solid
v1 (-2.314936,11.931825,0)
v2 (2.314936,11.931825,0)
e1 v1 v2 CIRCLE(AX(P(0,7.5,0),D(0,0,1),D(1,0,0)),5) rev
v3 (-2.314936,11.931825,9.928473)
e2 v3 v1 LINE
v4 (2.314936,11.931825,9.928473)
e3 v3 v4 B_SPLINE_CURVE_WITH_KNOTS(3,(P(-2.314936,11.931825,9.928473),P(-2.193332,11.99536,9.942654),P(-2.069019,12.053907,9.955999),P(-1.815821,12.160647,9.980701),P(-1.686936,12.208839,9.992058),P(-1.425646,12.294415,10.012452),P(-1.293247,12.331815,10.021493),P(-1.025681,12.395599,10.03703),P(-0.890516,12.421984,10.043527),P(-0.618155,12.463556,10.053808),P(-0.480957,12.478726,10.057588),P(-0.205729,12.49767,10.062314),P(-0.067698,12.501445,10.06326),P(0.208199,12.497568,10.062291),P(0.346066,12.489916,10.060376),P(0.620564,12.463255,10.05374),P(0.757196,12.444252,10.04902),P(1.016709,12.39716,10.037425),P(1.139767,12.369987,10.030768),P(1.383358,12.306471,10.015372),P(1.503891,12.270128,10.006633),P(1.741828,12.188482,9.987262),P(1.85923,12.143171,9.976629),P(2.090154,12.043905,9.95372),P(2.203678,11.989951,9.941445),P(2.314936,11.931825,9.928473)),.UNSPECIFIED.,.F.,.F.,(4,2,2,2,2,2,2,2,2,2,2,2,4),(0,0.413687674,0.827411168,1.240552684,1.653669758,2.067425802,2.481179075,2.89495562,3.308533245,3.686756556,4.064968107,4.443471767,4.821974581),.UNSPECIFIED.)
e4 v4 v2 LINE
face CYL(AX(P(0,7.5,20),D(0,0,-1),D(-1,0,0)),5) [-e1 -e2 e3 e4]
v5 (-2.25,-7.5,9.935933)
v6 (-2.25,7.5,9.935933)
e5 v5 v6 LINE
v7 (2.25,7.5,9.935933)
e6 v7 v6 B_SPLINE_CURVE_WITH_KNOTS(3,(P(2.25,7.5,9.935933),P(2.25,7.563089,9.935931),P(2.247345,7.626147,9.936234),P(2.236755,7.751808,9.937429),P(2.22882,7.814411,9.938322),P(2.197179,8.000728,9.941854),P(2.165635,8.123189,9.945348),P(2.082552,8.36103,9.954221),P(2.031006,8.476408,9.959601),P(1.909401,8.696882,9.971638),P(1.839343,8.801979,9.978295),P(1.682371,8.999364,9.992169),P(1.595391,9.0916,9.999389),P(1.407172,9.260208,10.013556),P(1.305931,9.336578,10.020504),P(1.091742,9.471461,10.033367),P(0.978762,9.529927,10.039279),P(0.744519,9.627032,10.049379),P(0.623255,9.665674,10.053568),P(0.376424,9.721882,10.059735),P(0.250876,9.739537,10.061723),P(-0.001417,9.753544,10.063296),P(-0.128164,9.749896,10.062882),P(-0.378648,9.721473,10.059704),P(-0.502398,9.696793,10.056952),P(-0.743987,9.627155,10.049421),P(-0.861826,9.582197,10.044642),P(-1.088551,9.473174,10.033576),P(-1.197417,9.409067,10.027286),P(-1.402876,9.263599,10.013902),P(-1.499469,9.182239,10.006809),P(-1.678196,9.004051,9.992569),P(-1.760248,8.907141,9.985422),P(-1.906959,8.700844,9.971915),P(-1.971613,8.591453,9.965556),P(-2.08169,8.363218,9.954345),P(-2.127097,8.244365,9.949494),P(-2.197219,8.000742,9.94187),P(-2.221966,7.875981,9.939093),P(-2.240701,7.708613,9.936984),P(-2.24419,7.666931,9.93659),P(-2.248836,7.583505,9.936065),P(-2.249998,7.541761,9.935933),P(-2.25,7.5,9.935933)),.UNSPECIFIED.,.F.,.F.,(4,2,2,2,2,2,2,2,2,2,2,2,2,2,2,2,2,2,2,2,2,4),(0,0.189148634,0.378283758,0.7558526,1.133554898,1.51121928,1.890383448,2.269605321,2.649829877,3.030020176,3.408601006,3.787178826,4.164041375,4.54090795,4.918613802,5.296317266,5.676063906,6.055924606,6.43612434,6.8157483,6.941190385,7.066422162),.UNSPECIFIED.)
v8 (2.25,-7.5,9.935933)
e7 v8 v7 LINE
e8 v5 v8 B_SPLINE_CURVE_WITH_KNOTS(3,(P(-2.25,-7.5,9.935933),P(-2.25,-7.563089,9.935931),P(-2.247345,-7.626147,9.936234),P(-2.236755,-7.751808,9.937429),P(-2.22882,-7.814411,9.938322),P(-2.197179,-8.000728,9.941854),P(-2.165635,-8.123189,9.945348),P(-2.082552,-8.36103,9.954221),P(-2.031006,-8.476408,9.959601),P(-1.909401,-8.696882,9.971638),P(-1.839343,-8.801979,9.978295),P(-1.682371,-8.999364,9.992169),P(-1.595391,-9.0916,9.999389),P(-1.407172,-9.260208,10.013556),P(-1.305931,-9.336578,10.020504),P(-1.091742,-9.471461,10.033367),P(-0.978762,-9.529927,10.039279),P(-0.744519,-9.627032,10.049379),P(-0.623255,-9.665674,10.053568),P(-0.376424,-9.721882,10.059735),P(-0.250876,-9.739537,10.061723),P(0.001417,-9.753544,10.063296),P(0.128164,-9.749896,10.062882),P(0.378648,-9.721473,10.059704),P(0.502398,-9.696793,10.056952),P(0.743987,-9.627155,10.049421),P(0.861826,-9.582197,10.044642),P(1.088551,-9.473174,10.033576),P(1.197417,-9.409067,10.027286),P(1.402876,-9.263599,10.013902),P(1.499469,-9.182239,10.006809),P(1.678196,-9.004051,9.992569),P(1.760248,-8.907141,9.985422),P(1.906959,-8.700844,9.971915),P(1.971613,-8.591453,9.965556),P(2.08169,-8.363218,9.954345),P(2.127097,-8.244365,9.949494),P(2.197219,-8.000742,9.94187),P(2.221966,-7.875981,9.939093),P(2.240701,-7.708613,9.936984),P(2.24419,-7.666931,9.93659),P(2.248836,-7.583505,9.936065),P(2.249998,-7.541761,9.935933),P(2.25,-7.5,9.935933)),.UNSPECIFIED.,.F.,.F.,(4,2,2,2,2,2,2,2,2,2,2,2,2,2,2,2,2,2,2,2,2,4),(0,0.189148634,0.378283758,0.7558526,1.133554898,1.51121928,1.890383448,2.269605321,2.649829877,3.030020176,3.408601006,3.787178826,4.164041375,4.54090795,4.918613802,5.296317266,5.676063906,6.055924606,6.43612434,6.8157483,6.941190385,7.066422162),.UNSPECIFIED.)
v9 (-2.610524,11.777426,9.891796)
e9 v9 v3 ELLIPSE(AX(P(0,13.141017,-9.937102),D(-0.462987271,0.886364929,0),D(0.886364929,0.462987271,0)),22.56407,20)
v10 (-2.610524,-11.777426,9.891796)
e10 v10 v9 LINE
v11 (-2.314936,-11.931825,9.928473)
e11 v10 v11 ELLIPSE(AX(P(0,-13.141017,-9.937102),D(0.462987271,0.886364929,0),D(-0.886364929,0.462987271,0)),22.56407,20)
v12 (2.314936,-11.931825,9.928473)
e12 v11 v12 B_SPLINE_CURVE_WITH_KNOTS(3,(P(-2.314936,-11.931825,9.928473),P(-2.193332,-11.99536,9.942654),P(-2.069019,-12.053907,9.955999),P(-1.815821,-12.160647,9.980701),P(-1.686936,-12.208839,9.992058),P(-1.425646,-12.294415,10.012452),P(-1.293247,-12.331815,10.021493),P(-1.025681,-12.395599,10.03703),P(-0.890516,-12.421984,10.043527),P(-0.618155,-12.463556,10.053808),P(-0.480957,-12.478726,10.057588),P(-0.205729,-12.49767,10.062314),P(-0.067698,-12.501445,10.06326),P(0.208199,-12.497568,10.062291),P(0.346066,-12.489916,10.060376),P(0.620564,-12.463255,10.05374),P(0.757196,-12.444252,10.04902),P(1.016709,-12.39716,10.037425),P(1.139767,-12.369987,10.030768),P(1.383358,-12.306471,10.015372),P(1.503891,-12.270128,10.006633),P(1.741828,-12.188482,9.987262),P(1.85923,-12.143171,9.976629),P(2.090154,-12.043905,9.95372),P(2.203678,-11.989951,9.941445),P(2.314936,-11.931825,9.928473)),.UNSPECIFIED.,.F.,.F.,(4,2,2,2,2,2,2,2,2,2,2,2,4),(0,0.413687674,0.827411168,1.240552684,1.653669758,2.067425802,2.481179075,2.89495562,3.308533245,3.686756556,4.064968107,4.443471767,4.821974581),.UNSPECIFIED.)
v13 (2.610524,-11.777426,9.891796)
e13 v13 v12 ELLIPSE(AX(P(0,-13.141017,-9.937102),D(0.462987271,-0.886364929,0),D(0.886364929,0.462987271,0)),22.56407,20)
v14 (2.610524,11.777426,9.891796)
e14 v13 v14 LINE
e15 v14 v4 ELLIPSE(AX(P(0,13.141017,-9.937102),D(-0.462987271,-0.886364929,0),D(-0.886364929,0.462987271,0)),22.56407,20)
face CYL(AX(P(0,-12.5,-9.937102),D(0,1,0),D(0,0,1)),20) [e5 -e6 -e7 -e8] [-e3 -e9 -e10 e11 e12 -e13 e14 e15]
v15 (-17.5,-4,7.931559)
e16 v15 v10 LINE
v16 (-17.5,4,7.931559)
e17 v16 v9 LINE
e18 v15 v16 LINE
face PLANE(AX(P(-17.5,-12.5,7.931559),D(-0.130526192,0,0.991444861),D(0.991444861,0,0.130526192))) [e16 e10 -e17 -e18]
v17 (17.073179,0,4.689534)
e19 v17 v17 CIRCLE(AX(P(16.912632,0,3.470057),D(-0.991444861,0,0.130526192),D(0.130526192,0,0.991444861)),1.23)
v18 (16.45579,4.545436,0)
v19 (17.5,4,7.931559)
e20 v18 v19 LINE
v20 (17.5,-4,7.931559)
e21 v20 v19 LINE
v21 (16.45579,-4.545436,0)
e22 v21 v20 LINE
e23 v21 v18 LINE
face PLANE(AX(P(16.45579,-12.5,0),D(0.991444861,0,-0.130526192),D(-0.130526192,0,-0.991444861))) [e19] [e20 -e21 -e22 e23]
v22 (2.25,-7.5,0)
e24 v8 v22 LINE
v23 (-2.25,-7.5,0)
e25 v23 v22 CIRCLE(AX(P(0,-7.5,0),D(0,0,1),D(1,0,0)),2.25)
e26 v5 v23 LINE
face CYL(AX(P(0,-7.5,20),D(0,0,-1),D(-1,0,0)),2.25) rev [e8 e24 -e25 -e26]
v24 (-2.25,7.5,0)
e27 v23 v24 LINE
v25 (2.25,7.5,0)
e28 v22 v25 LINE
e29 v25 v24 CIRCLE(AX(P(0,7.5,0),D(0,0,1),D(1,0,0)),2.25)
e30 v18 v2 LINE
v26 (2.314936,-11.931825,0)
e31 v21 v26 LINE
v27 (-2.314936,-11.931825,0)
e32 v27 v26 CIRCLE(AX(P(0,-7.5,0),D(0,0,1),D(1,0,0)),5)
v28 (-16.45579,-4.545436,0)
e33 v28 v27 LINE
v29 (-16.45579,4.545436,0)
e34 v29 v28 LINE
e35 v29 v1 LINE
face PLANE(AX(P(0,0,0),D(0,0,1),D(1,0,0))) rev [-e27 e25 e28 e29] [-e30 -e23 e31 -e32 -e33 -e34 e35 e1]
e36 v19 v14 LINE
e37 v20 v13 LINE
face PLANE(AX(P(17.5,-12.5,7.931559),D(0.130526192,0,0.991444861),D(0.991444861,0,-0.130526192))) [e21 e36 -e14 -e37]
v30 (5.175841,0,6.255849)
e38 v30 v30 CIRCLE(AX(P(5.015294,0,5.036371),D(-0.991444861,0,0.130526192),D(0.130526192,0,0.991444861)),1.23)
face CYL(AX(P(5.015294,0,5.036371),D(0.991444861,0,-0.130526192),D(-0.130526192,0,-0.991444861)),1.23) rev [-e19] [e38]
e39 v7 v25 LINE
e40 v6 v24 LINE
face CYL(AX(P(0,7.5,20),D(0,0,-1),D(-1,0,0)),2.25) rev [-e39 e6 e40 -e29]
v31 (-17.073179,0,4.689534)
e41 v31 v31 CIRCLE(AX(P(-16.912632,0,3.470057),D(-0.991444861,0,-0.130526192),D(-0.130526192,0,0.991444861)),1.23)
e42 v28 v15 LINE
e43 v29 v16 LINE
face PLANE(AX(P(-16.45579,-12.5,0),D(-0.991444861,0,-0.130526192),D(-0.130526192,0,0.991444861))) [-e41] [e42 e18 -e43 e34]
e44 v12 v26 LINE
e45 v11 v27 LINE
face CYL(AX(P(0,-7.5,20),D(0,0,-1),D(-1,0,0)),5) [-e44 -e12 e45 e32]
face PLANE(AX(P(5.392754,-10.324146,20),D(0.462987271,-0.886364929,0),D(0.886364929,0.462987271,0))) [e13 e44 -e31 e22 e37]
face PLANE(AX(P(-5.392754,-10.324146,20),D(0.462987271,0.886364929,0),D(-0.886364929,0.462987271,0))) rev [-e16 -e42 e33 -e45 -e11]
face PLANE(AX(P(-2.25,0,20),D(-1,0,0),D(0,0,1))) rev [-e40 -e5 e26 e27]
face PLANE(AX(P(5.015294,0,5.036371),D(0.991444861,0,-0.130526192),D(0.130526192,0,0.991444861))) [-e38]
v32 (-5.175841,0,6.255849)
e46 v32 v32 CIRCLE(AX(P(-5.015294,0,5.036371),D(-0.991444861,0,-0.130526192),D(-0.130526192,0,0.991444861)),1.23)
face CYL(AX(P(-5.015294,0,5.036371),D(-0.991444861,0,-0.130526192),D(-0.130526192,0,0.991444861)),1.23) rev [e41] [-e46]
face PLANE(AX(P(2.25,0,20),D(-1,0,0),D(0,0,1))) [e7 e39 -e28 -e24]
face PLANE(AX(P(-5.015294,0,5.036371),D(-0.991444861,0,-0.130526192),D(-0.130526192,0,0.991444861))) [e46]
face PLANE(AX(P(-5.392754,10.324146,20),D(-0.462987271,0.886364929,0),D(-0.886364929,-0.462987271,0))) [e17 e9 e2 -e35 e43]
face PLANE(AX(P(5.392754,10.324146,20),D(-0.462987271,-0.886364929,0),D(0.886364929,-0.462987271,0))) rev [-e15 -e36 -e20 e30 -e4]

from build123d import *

# Parameters (mm, degrees)
AUFSATZ_LINEAR_AUSTRAGEN3_DEPTH      = 20
SKIZZE10_OUTSIDE_W                   = 46.486
SKIZZE10_OUTSIDE_H                   = 31.486
SCHNITT_LINEAR_AUSTRAGEN9_DEPTH      = 13.5
SCHNITT_LINEAR_AUSTRAGEN9_DEPTH_BACK = 13.5
SKIZZE7_R                            = 1.23
SCHNITT_LINEAR_AUSTRAGEN8_DEPTH      = 12


with BuildPart() as part:
    # Skizze3 → Aufsatz-Linear austragen3 (new body)
    with BuildSketch(Plane.XY):
        with BuildLine():
            Line((-17.5, 4), (-2.314936357, 11.931824643))
            ThreePointArc((-2.314936357, 11.931824643), (0, 12.5), (2.314936357, 11.931824643))
            Line((2.314936357, 11.931824643), (17.5, 4))
            Line((17.5, 4), (17.5, -4))
            Line((17.5, -4), (2.314936357, -11.931824643))
            ThreePointArc((2.314936357, -11.931824643), (0, -12.5), (-2.314936357, -11.931824643))
            Line((-2.314936357, -11.931824643), (-17.5, -4))
            Line((-17.5, -4), (-17.5, 4))
        make_face()
        with BuildLine():
            Line((-2.25, -7.5), (-2.25, 7.5))
            ThreePointArc((-2.25, 7.5), (0, 9.75), (2.25, 7.5))
            Line((2.25, 7.5), (2.25, -7.5))
            ThreePointArc((2.25, -7.5), (0, -9.75), (-2.25, -7.5))
        make_face(mode=Mode.SUBTRACT)
    extrude(amount=AUFSATZ_LINEAR_AUSTRAGEN3_DEPTH)

    # Skizze10 outside → Schnitt-Linear austragen9 (cut, two sides)
    with BuildSketch(Plane(origin=(0, 0, 0), x_dir=(1, 0, 0), z_dir=(0, 1, 0))) as schnitt_linear_austragen9_sk:
        with Locations((0, -10)):
            Rectangle(SKIZZE10_OUTSIDE_W, SKIZZE10_OUTSIDE_H)
        with BuildLine():
            Line((-16.455790462, 0), (-17.5, -7.931558891))
            Line((-17.5, -7.931558891), (-2.610523844, -9.891795615))
            ThreePointArc((-2.610523844, -9.891795615), (0, -10.062898387), (2.610523844, -9.891795615))
            Line((2.610523844, -9.891795615), (17.5, -7.931558891))
            Line((17.5, -7.931558891), (16.455790462, 0))
            Line((16.455790462, 0), (-16.455790462, 0))
        make_face(mode=Mode.SUBTRACT)
    extrude(amount=SCHNITT_LINEAR_AUSTRAGEN9_DEPTH, mode=Mode.SUBTRACT)
    extrude(schnitt_linear_austragen9_sk.sketch, amount=-SCHNITT_LINEAR_AUSTRAGEN9_DEPTH_BACK, mode=Mode.SUBTRACT)

    # Skizze7 → Schnitt-Linear austragen8 (cut)
    with BuildSketch(Plane(origin=(-17.19638108, 0, 5.625344227), x_dir=(-0.130526192, 0, 0.991444861), z_dir=(-0.991444861, 0, -0.130526192))):
        with Locations((-2.173885101, 0)):
            Circle(SKIZZE7_R)
    schnitt_linear_austragen8 = extrude(amount=-SCHNITT_LINEAR_AUSTRAGEN8_DEPTH, mode=Mode.SUBTRACT)

    # Spiegeln4: Schnitt-Linear austragen8 across plane
    add(schnitt_linear_austragen8.mirror(Plane(origin=(0, 0, 0), x_dir=(0, 0, 1), z_dir=(1, 0, 0))), mode=Mode.SUBTRACT)


solid = part.part
